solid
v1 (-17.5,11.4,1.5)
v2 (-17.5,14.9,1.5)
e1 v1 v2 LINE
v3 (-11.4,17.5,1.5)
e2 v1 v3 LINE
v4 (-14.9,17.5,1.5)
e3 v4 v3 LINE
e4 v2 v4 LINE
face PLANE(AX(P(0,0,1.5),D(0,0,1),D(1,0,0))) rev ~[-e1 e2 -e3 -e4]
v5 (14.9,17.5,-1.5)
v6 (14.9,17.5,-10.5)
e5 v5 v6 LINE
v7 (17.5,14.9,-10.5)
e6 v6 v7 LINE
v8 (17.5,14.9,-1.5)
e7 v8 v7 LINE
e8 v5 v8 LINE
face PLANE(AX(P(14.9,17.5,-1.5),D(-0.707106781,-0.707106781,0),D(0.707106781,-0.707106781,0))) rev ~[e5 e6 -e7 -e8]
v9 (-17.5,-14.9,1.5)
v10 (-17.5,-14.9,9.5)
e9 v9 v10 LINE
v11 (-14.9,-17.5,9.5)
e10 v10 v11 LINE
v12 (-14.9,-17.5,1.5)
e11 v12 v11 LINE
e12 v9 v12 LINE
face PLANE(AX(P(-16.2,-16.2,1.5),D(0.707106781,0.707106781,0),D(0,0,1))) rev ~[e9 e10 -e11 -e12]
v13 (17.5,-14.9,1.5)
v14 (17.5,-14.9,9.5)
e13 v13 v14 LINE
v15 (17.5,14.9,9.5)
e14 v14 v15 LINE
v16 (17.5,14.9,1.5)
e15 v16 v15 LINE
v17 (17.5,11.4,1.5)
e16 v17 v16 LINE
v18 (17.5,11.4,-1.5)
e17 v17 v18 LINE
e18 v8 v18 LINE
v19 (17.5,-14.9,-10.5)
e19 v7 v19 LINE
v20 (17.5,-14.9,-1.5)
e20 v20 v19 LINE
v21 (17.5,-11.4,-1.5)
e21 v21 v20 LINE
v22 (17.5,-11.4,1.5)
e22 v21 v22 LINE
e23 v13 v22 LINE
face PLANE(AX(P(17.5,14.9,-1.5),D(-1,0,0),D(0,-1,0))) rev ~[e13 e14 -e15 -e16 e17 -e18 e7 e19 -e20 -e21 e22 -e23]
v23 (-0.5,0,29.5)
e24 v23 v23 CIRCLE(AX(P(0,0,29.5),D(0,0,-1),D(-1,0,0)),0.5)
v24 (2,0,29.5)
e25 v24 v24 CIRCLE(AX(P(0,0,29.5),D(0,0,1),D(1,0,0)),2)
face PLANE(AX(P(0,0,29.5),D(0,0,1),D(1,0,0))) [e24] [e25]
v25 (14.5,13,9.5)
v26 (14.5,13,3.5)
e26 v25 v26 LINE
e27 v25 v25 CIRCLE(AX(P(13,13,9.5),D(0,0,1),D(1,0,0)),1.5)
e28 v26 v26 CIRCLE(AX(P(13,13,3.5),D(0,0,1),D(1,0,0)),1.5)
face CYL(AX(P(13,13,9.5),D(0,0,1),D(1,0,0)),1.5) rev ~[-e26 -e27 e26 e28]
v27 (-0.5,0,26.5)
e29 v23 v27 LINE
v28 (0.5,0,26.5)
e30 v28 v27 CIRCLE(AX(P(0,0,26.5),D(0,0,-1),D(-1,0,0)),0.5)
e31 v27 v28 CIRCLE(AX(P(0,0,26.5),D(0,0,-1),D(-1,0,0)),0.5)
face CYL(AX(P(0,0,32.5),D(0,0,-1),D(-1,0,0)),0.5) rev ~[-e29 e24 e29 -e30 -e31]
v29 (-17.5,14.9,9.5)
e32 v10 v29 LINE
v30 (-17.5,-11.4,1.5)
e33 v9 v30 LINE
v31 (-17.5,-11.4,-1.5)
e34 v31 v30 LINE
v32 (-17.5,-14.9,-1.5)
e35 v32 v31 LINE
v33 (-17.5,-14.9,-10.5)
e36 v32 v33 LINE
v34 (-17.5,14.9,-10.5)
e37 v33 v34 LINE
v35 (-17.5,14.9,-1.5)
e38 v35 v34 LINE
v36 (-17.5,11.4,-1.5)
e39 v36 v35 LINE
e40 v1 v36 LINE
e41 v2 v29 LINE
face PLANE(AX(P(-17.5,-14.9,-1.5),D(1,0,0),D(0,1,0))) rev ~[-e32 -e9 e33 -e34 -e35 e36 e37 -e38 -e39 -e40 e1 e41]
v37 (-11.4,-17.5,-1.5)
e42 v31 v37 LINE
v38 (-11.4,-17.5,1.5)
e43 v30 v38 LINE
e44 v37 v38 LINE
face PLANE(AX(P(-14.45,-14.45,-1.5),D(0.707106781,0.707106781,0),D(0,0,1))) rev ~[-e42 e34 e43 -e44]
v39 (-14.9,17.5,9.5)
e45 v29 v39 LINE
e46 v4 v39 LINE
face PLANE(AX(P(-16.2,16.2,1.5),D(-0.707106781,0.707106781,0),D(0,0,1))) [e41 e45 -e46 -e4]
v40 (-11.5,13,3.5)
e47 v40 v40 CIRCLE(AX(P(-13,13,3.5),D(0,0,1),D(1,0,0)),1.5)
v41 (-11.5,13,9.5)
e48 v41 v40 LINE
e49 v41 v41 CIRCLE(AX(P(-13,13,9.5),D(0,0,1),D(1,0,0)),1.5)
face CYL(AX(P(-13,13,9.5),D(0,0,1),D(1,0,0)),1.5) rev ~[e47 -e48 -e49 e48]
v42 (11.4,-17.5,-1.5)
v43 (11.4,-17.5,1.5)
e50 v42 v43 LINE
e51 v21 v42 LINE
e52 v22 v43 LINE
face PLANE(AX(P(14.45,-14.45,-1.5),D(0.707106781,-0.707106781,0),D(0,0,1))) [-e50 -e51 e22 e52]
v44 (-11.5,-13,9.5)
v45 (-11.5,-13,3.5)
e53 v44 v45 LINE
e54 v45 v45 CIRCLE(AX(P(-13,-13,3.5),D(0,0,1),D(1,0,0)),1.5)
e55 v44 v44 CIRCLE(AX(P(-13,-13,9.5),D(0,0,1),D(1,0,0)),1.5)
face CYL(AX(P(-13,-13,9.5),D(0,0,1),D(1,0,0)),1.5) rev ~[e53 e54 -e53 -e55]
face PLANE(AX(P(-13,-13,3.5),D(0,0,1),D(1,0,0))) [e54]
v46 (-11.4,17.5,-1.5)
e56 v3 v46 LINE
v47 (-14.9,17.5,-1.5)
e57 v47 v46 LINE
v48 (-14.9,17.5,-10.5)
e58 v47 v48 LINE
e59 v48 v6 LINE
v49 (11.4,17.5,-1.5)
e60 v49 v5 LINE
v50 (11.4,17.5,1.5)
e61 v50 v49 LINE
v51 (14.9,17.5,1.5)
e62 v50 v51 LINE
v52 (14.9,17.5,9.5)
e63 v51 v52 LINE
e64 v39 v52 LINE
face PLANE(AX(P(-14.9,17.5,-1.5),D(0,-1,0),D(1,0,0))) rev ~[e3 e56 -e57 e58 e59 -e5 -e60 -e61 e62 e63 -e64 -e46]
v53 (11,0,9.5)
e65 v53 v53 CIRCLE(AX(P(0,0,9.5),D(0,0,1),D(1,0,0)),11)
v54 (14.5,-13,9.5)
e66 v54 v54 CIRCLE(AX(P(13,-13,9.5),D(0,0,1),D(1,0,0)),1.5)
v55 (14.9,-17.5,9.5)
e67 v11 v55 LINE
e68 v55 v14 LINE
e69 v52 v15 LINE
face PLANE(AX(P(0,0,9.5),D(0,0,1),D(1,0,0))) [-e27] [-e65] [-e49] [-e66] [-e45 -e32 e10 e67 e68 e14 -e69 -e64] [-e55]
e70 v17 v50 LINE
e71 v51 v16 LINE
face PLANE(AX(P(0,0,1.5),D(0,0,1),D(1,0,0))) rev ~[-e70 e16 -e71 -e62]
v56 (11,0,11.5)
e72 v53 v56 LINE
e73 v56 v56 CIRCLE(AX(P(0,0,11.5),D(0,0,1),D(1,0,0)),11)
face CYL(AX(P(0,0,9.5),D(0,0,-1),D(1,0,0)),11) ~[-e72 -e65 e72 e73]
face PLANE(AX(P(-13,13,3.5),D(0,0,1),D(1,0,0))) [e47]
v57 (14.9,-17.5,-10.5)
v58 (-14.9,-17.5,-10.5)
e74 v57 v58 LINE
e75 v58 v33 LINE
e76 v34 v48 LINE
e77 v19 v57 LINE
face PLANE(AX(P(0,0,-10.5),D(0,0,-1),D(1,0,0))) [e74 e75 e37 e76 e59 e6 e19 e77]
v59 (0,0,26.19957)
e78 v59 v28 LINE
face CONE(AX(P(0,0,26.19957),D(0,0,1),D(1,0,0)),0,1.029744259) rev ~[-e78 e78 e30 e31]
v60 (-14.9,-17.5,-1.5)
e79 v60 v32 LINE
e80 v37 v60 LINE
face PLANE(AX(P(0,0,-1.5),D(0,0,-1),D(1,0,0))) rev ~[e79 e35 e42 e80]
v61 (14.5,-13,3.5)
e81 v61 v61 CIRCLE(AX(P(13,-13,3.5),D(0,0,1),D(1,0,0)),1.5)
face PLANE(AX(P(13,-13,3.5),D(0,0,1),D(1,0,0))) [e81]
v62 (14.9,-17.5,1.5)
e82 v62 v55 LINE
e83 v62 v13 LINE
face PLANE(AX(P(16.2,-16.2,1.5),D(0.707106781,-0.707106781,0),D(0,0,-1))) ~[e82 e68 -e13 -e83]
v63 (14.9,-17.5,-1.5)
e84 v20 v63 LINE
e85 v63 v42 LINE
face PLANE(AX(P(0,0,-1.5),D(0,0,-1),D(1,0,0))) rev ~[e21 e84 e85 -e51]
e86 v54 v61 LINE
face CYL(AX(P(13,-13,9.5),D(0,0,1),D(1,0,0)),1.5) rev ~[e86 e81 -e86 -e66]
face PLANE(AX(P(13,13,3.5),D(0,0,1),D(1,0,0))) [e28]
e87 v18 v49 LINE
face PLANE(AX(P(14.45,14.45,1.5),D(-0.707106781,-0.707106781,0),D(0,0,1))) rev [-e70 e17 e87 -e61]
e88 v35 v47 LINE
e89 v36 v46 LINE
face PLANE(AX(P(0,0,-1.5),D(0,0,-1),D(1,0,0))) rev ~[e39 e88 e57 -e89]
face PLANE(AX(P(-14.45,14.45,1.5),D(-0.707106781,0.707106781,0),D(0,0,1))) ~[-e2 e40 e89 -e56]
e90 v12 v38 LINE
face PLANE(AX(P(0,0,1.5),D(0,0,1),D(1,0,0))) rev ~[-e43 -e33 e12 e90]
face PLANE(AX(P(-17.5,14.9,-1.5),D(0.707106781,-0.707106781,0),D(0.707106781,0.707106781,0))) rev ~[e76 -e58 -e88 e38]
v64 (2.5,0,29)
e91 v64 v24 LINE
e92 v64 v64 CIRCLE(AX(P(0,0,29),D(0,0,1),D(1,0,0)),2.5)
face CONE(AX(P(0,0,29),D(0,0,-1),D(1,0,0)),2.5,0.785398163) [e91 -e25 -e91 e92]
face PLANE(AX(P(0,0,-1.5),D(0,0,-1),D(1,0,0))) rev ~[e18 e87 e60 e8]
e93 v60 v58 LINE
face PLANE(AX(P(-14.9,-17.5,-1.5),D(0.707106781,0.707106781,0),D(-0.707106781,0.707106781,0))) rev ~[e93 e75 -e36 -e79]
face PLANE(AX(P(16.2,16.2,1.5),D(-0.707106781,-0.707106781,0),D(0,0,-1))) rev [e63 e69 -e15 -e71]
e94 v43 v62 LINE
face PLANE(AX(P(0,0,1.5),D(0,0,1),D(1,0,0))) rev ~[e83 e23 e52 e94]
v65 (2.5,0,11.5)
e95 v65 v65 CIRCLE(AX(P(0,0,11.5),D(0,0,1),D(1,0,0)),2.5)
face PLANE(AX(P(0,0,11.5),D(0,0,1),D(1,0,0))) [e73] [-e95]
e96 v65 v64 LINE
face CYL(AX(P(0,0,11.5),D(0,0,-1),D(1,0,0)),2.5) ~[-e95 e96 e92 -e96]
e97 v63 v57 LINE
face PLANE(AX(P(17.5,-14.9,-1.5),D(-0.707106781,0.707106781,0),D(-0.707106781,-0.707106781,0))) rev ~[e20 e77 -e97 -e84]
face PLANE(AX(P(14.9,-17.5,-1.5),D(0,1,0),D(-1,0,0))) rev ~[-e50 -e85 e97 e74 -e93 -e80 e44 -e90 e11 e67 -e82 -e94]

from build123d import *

# Parameters (mm, degrees)
F0_W      = 35
F0_H      = 35
F1_DEPTH  = 1.5
F2_SIZE   = 6.1
F3_W      = 35
F3_H      = 35
F4_DEPTH  = 8
F5_SIZE   = 2.6
F7_DEPTH  = 9
F8_R      = 11
F9_DEPTH  = 2
F10_R     = 2.5
F11_DEPTH = 18
F12_R     = 1.5
F13_DEPTH = 6
F14_SIZE  = 0.5
F16_D     = 1
F16_DEPTH = 3
F16_TIP   = 0.3004303095


with BuildPart() as f1:
    # F0 (on Top) → F1 (new body, symmetric)
    with BuildSketch(Plane.XY):
        Rectangle(F0_W, F0_H)
    extrude(amount=F1_DEPTH, both=True)

    # F2
    f2_edges = [f1.edges().sort_by_distance(p)[0] for p in [
        (-17.5, -17.5, 0),
        (17.5, -17.5, 0),
        (17.5, 17.5, 0),
        (-17.5, 17.5, 0),
    ]]
    chamfer(f2_edges, length=F2_SIZE)

    # F3 (on face) → F4 (join)
    with BuildSketch(Plane.XY.offset(1.5)):
        Rectangle(F3_W, F3_H)
    extrude(amount=F4_DEPTH)

    # F5
    f5_edges = [f1.edges().sort_by_distance(p)[0] for p in [
        (-17.5, -17.5, 5.5),
        (17.5, -17.5, 5.5),
        (17.5, 17.5, 5.5),
        (-17.5, 17.5, 5.5),
    ]]
    chamfer(f5_edges, length=F5_SIZE)

    # F6 (on face) → F7 (join)
    with BuildSketch(Plane(origin=(0, 0, -1.5), x_dir=(1, 0, 0), z_dir=(0, 0, -1))):
        Polygon((-14.9, -17.5), (14.9, -17.5), (17.5, -14.9), (17.5, 14.9), (14.9, 17.5), (-14.9, 17.5), (-17.5, 14.9), (-17.5, -14.9), align=None)
    extrude(amount=F7_DEPTH)

    # F8 (on face) → F9 (join)
    with BuildSketch(Plane.XY.offset(9.5)):
        Circle(F8_R)
    extrude(amount=F9_DEPTH)

    # F10 (on face) → F11 (join)
    with BuildSketch(Plane.XY.offset(11.5)):
        Circle(F10_R)
    extrude(amount=F11_DEPTH)

    # F12 (on face) → F13 (cut)
    with BuildSketch(Plane.XY.offset(9.5)):
        with Locations((-13, 13)):
            Circle(F12_R)
        with Locations((13, 13)):
            Circle(F12_R)
        with Locations((-13, -13)):
            Circle(F12_R)
        with Locations((13, -13)):
            Circle(F12_R)
    extrude(amount=-F13_DEPTH, mode=Mode.SUBTRACT)

    # F14
    f14_edges = [f1.edges().sort_by_distance(p)[0] for p in [
        (-2.5, 0, 29.5),
    ]]
    chamfer(f14_edges, length=F14_SIZE)

    # F16
    with Locations(Plane.XY.offset(29.5)):
        with Locations((0, 0)):
            Hole(F16_D / 2, depth=F16_DEPTH)
            with Locations((0, 0, -(F16_DEPTH + F16_TIP / 2))):  # 118° drill point
                Cone(0, F16_D / 2, F16_TIP, mode=Mode.SUBTRACT)


solid = f1.part
